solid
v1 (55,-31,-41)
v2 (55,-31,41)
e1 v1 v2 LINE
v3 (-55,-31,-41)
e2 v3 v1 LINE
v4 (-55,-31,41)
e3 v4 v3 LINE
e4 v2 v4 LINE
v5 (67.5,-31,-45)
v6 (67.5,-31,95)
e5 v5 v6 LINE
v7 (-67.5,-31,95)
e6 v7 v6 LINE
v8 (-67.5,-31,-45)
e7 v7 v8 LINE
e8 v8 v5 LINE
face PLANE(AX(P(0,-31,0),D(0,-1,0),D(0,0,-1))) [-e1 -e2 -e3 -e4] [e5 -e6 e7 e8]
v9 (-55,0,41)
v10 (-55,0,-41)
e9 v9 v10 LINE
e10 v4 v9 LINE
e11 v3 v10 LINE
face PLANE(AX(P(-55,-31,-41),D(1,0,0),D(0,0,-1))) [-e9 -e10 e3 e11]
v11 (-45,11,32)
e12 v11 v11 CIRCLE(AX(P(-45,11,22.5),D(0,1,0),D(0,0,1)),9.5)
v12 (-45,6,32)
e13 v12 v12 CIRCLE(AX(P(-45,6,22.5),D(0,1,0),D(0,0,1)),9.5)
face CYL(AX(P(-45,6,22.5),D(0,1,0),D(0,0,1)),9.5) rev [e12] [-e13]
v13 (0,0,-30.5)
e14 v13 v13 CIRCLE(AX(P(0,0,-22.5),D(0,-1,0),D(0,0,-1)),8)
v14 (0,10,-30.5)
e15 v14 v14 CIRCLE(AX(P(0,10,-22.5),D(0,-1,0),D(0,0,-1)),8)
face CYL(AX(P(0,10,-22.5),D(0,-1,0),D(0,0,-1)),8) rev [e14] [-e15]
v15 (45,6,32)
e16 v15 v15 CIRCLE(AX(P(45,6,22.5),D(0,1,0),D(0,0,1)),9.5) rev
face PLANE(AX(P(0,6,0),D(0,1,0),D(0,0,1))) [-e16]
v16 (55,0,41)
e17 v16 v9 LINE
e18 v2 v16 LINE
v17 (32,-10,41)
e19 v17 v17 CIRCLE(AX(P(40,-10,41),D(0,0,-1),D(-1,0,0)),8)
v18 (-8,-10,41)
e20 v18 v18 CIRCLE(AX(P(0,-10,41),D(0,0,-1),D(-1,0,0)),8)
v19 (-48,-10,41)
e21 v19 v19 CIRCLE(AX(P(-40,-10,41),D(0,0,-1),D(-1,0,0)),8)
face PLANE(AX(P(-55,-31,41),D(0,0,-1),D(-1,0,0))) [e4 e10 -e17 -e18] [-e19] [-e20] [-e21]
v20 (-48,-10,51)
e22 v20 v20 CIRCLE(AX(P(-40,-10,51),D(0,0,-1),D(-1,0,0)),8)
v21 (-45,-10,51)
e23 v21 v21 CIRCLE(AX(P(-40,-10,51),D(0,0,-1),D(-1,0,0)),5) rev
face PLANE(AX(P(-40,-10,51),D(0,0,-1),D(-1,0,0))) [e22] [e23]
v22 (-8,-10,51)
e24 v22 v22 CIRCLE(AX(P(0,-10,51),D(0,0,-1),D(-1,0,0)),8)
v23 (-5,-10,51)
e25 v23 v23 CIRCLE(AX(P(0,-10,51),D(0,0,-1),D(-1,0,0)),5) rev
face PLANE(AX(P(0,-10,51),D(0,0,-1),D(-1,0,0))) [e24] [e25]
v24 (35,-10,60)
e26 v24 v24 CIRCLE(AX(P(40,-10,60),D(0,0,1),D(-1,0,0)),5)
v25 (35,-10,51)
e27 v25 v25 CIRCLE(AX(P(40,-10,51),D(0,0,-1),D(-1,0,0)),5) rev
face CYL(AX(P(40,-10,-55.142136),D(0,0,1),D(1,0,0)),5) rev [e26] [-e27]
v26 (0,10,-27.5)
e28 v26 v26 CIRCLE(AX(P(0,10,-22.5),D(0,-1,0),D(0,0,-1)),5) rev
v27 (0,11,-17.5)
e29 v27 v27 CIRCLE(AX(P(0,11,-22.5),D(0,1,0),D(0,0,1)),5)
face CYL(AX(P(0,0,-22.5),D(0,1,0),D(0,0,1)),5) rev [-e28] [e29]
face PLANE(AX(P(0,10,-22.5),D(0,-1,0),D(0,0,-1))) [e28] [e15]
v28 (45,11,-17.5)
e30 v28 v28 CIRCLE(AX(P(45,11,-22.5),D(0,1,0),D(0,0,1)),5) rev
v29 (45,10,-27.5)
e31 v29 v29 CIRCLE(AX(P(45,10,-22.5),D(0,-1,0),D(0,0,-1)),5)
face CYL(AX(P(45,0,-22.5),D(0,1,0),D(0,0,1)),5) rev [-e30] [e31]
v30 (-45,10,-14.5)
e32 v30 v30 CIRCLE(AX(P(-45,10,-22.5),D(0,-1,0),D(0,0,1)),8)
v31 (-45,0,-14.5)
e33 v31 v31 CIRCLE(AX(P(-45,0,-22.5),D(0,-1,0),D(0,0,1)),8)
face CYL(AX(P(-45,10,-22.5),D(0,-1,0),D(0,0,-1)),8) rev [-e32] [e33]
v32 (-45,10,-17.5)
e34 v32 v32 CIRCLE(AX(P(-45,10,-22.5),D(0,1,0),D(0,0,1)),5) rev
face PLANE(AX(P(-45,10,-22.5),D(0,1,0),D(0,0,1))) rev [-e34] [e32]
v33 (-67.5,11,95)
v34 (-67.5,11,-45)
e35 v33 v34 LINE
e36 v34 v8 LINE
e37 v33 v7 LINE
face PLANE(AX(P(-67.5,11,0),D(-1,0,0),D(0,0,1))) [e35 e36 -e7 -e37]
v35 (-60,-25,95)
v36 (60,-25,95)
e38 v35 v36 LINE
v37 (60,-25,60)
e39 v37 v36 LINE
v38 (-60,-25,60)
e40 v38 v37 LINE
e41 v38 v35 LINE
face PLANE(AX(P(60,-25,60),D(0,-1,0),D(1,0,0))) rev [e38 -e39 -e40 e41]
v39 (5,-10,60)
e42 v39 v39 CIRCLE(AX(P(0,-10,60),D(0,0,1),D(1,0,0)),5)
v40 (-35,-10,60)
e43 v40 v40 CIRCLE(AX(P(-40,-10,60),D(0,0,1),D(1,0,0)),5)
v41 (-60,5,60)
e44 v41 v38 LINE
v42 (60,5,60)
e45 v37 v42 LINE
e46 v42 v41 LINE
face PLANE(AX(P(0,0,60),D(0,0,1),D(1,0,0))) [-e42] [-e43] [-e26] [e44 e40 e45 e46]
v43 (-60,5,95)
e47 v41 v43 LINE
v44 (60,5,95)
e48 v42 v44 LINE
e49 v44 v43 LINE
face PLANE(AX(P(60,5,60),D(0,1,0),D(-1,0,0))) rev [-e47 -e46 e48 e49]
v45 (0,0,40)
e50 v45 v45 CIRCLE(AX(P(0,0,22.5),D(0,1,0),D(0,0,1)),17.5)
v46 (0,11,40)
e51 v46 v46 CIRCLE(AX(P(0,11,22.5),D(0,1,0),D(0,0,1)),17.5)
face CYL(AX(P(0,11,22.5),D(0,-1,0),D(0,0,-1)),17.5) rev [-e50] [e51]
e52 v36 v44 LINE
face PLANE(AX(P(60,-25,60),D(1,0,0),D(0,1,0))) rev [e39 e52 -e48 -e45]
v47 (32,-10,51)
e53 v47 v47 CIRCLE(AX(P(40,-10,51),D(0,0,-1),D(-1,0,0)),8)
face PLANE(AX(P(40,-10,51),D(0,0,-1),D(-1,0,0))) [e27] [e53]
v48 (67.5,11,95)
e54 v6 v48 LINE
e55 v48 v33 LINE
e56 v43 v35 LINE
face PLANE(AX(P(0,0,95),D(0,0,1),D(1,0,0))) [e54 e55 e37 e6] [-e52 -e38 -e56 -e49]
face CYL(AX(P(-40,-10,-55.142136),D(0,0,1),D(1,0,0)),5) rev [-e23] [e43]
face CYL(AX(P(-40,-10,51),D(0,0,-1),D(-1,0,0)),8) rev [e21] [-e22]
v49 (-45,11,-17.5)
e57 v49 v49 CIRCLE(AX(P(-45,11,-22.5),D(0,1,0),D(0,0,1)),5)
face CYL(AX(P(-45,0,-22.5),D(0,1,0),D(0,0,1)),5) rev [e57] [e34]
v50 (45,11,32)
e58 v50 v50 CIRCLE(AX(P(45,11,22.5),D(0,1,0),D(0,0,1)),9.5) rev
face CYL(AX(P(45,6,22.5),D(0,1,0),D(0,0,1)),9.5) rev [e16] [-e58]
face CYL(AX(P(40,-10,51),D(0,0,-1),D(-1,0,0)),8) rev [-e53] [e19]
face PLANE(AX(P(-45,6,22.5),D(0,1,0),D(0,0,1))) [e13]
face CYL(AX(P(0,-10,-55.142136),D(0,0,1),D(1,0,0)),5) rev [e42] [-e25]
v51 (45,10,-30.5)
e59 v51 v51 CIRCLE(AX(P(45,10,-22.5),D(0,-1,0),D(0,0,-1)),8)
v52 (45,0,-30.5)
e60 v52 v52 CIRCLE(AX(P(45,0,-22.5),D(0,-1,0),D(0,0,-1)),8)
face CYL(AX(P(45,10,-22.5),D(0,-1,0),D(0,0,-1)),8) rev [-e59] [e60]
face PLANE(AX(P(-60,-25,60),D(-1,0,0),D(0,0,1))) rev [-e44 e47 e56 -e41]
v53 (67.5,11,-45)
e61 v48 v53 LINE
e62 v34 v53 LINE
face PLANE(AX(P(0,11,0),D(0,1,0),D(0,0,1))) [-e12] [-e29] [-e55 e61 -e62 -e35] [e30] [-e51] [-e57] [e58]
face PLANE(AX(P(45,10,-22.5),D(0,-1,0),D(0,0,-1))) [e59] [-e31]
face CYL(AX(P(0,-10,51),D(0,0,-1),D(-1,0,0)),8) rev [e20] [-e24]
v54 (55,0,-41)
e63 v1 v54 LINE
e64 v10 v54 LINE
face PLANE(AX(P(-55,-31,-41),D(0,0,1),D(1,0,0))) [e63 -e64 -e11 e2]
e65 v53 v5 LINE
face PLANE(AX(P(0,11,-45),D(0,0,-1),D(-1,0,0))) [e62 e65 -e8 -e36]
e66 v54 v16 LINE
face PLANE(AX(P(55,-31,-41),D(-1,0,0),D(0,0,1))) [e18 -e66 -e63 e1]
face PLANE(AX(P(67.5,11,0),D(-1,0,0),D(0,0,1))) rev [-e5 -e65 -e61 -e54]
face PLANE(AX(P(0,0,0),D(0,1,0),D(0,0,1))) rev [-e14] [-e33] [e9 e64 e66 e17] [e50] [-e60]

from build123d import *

# Parameters (mm, degrees)
SKETCH1_W               = 135
SKETCH1_H               = 90
SKETCH1_R               = 17.5
BOSS_EXTRUDE1_DEPTH     = 11
SKETCH3_R               = 9.5
CUT_EXTRUDE1_DEPTH      = 5
CUT_EXTRUDE2_DEPTH      = 82.867270628
CUT_EXTRUDE2_DEPTH_BACK = 82.867270628
SKETCH5_R               = 5
SKETCH6_R               = 8
CUT_EXTRUDE3_DEPTH      = 10
SKETCH7_W               = 135
SKETCH7_H               = 90
SKETCH7_W_2             = 110
SKETCH7_H_2             = 82
BOSS_EXTRUDE2_DEPTH     = 31
SKETCH8_W               = 135
SKETCH8_H               = 42
BOSS_EXTRUDE3_DEPTH     = 50
SKETCH9_W               = 120
SKETCH9_H               = 30
CUT_EXTRUDE4_DEPTH      = 35
SKETCH10_R              = 5
CUT_EXTRUDE5_DEPTH      = 101
SKETCH11_R              = 8
CUT_EXTRUDE6_DEPTH      = 10


with BuildPart() as part:
    # Sketch1 → Boss-Extrude1 (new body)
    with BuildSketch(Plane(origin=(0, 0, 0), x_dir=(1, 0, 0), z_dir=(0, 1, 0))):
        Rectangle(SKETCH1_W, SKETCH1_H)
        with Locations(Location((0, -22.5, 0), (0, 0, 270))):
            Circle(SKETCH1_R, mode=Mode.SUBTRACT)
    extrude(amount=BOSS_EXTRUDE1_DEPTH)

    # Sketch3 → Cut-Extrude1 (cut)
    with BuildSketch(Plane(origin=(0, 11, 0), x_dir=(1, 0, 0), z_dir=(0, 1, 0))):
        with Locations(Location((45, -22.5, 0), (0, 0, 270))):
            Circle(SKETCH3_R)
        with Locations(Location((-45, -22.5, 0), (0, 0, 270))):
            Circle(SKETCH3_R)
    extrude(amount=-CUT_EXTRUDE1_DEPTH, mode=Mode.SUBTRACT)

    # Sketch5 → Cut-Extrude2 (cut, two sides: drawn at the far end of the back side and taken through both)
    with BuildSketch(Plane(origin=(0, 11, 0), x_dir=(1, 0, 0), z_dir=(0, 1, 0)).offset(-CUT_EXTRUDE2_DEPTH_BACK)):
        with Locations(Location((0, 22.5, 0), (0, 0, 270))):
            Circle(SKETCH5_R)
        with Locations(Location((45, 22.5, 0), (0, 0, 270))):
            Circle(SKETCH5_R)
        with Locations(Location((-45, 22.5, 0), (0, 0, 270))):
            Circle(SKETCH5_R)
    extrude(amount=CUT_EXTRUDE2_DEPTH + CUT_EXTRUDE2_DEPTH_BACK, mode=Mode.SUBTRACT)

    # Sketch6 → Cut-Extrude3 (cut)
    with BuildSketch(Plane.XZ):
        with Locations(Location((45, -22.5, 0), (0, 0, 270))):
            Circle(SKETCH6_R)
        with Locations(Location((0, -22.5, 0), (0, 0, 270))):
            Circle(SKETCH6_R)
        with Locations(Location((-45, -22.5, 0), (0, 0, 90))):
            Circle(SKETCH6_R)
    extrude(amount=-CUT_EXTRUDE3_DEPTH, mode=Mode.SUBTRACT)

    # Sketch7 → Boss-Extrude2 (add)
    with BuildSketch(Plane.XZ):
        Rectangle(SKETCH7_W, SKETCH7_H)
        Rectangle(SKETCH7_W_2, SKETCH7_H_2, mode=Mode.SUBTRACT)
    extrude(amount=BOSS_EXTRUDE2_DEPTH)

    # Sketch8 → Boss-Extrude3 (add)
    with BuildSketch(Plane.XY.offset(45)):
        with Locations((0, -10)):
            Rectangle(SKETCH8_W, SKETCH8_H)
    extrude(amount=BOSS_EXTRUDE3_DEPTH)

    # Sketch9 → Cut-Extrude4 (cut)
    with BuildSketch(Plane.XY.offset(95)):
        with Locations((0, -10)):
            Rectangle(SKETCH9_W, SKETCH9_H)
    extrude(amount=-CUT_EXTRUDE4_DEPTH, mode=Mode.SUBTRACT)

    # Sketch10 → Cut-Extrude5 (cut)
    with BuildSketch(Plane.XY.offset(60)):
        with Locations((-40, -10)):
            Circle(SKETCH10_R)
        with Locations(Location((40, -10, 0), (0, 0, 180))):
            Circle(SKETCH10_R)
        with Locations((0, -10)):
            Circle(SKETCH10_R)
    extrude(amount=-CUT_EXTRUDE5_DEPTH, mode=Mode.SUBTRACT)

    # Sketch11 → Cut-Extrude6 (cut)
    with BuildSketch(Plane(origin=(0, 0, 41), x_dir=(-1, 0, 0), z_dir=(0, 0, -1))):
        with Locations((0, -10)):
            Circle(SKETCH11_R)
        with Locations((-40, -10)):
            Circle(SKETCH11_R)
        with Locations((40, -10)):
            Circle(SKETCH11_R)
    extrude(amount=-CUT_EXTRUDE6_DEPTH, mode=Mode.SUBTRACT)


solid = part.part
